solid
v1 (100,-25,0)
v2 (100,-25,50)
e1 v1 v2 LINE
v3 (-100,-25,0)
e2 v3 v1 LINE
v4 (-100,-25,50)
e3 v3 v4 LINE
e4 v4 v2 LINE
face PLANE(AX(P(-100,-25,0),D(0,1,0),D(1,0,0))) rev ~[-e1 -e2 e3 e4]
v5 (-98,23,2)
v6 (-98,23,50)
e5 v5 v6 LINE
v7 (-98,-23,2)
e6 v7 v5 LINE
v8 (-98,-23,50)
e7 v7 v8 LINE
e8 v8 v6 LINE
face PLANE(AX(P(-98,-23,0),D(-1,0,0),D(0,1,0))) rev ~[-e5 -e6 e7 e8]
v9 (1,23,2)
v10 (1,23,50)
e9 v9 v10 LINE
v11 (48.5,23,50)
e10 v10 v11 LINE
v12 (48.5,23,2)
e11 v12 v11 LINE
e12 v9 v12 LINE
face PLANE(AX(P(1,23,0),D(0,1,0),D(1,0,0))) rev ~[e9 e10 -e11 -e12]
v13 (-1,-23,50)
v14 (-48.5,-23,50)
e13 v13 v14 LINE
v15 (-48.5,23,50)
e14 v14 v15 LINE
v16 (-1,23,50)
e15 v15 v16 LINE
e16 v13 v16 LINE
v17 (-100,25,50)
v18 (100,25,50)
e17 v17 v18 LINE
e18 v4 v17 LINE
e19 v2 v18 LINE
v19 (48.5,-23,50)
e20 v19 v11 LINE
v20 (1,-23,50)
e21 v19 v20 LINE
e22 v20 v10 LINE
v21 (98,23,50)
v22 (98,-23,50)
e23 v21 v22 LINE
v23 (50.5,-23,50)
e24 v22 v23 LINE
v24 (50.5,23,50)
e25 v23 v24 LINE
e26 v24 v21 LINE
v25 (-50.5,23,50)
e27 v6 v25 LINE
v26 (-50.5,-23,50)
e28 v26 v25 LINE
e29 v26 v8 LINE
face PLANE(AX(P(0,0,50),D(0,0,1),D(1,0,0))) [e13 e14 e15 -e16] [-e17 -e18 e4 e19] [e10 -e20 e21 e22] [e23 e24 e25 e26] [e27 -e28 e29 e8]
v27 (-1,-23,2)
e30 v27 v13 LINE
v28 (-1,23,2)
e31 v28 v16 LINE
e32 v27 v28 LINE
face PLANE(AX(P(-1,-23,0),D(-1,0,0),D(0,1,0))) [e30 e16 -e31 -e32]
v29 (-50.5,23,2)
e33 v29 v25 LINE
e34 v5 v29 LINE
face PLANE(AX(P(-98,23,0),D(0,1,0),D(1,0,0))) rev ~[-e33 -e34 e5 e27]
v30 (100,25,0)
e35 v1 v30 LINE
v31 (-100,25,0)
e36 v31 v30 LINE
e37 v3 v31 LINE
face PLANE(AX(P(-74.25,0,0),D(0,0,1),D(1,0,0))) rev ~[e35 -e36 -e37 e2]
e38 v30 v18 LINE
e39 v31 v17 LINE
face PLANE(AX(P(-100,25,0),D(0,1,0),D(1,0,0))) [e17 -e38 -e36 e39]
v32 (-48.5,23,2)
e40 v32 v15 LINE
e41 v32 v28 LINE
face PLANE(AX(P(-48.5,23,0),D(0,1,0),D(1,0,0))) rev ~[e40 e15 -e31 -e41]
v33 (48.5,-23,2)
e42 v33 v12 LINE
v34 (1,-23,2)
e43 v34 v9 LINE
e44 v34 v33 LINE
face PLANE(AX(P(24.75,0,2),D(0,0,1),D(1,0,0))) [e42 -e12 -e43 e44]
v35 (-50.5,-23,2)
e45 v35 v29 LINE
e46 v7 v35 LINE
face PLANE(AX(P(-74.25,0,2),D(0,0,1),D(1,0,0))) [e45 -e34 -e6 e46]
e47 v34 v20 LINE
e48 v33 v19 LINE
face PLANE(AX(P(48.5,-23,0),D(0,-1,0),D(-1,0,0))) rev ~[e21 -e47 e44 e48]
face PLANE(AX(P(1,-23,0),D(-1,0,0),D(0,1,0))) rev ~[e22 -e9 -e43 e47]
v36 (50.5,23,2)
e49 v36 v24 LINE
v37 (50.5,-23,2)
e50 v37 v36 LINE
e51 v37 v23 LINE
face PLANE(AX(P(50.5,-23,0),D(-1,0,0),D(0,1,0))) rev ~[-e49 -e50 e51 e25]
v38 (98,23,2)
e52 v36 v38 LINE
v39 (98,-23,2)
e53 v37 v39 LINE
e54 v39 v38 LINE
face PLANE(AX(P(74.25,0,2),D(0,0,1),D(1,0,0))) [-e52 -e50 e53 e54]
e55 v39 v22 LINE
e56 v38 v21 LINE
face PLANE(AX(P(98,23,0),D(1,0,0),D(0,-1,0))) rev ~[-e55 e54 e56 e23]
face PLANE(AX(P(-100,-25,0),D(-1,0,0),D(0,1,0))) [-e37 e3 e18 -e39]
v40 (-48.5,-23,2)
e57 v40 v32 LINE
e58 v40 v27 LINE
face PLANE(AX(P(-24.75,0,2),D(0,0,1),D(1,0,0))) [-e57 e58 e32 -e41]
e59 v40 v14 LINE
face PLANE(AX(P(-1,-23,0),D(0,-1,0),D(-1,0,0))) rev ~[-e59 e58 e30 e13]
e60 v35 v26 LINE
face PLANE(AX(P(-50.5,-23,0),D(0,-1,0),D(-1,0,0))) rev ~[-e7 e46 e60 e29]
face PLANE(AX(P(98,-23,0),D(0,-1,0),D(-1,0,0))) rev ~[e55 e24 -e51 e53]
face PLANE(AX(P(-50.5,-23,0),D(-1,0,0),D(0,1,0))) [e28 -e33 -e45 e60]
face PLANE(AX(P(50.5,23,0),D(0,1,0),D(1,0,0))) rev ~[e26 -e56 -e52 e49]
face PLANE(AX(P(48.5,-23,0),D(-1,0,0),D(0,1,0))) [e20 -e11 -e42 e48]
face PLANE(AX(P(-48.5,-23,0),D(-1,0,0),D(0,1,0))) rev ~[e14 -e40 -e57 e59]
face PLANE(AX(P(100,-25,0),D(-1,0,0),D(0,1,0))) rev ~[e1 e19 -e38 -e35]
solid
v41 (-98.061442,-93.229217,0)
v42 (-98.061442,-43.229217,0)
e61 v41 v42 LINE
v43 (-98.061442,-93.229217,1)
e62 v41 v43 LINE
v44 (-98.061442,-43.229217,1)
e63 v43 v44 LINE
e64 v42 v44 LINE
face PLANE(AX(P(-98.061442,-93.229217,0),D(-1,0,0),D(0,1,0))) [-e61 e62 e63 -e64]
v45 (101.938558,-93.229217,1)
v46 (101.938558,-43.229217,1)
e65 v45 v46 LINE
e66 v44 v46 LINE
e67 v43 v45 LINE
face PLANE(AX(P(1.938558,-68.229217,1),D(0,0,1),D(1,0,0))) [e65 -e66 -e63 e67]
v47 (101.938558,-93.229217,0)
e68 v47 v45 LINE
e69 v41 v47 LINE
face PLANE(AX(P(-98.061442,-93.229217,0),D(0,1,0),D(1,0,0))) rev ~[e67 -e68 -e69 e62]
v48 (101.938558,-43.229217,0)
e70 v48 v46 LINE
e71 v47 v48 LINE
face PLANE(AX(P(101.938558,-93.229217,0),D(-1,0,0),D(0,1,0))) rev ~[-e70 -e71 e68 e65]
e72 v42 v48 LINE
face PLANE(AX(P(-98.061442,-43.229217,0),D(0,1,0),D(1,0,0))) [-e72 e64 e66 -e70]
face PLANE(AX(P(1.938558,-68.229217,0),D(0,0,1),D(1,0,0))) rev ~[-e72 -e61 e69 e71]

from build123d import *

# Parameters (mm, degrees)
F0_W     = 200
F0_H     = 50
F0_W_2   = 2
F0_H_2   = 46
F1_DEPTH = 50
F0_W_3   = 47.5
F2_DEPTH = 2
F3_W     = 200
F3_H     = 50
F4_DEPTH = 1


with BuildPart() as f1:
    # F0 (on Top) → F1 (new body)
    with BuildSketch(Plane.XY):
        Rectangle(F0_W, F0_H)
        Polygon((-98, -23), (-98, 23), (-50.5, 23), (-48.5, 23), (-1, 23), (1, 23), (48.5, 23), (50.5, 23), (98, 23), (98, -23), (50.5, -23), (48.5, -23), (1, -23), (-1, -23), (-48.5, -23), (-50.5, -23), align=None, mode=Mode.SUBTRACT)
        with Locations((-49.5, 0)):
            Rectangle(F0_W_2, F0_H_2)
        Rectangle(F0_W_2, F0_H_2)
        with Locations((49.5, 0)):
            Rectangle(F0_W_2, F0_H_2)
    extrude(amount=F1_DEPTH)

    # F0 (on Top) → F2 (join)
    with BuildSketch(Plane.XY):
        with Locations((-74.25, 0)):
            Rectangle(F0_W_3, F0_H_2)
        with Locations((-24.75, 0)):
            Rectangle(F0_W_3, F0_H_2)
        with Locations((24.75, 0)):
            Rectangle(F0_W_3, F0_H_2)
        with Locations((74.25, 0)):
            Rectangle(F0_W_3, F0_H_2)
    extrude(amount=F2_DEPTH)


with BuildPart() as f4:
    # F3 (on Top) → F4 (new body)
    with BuildSketch(Plane.XY):
        with Locations((1.938558, -68.229217)):
            Rectangle(F3_W, F3_H)
    extrude(amount=F4_DEPTH)


solid = Compound([f1.part, f4.part])
